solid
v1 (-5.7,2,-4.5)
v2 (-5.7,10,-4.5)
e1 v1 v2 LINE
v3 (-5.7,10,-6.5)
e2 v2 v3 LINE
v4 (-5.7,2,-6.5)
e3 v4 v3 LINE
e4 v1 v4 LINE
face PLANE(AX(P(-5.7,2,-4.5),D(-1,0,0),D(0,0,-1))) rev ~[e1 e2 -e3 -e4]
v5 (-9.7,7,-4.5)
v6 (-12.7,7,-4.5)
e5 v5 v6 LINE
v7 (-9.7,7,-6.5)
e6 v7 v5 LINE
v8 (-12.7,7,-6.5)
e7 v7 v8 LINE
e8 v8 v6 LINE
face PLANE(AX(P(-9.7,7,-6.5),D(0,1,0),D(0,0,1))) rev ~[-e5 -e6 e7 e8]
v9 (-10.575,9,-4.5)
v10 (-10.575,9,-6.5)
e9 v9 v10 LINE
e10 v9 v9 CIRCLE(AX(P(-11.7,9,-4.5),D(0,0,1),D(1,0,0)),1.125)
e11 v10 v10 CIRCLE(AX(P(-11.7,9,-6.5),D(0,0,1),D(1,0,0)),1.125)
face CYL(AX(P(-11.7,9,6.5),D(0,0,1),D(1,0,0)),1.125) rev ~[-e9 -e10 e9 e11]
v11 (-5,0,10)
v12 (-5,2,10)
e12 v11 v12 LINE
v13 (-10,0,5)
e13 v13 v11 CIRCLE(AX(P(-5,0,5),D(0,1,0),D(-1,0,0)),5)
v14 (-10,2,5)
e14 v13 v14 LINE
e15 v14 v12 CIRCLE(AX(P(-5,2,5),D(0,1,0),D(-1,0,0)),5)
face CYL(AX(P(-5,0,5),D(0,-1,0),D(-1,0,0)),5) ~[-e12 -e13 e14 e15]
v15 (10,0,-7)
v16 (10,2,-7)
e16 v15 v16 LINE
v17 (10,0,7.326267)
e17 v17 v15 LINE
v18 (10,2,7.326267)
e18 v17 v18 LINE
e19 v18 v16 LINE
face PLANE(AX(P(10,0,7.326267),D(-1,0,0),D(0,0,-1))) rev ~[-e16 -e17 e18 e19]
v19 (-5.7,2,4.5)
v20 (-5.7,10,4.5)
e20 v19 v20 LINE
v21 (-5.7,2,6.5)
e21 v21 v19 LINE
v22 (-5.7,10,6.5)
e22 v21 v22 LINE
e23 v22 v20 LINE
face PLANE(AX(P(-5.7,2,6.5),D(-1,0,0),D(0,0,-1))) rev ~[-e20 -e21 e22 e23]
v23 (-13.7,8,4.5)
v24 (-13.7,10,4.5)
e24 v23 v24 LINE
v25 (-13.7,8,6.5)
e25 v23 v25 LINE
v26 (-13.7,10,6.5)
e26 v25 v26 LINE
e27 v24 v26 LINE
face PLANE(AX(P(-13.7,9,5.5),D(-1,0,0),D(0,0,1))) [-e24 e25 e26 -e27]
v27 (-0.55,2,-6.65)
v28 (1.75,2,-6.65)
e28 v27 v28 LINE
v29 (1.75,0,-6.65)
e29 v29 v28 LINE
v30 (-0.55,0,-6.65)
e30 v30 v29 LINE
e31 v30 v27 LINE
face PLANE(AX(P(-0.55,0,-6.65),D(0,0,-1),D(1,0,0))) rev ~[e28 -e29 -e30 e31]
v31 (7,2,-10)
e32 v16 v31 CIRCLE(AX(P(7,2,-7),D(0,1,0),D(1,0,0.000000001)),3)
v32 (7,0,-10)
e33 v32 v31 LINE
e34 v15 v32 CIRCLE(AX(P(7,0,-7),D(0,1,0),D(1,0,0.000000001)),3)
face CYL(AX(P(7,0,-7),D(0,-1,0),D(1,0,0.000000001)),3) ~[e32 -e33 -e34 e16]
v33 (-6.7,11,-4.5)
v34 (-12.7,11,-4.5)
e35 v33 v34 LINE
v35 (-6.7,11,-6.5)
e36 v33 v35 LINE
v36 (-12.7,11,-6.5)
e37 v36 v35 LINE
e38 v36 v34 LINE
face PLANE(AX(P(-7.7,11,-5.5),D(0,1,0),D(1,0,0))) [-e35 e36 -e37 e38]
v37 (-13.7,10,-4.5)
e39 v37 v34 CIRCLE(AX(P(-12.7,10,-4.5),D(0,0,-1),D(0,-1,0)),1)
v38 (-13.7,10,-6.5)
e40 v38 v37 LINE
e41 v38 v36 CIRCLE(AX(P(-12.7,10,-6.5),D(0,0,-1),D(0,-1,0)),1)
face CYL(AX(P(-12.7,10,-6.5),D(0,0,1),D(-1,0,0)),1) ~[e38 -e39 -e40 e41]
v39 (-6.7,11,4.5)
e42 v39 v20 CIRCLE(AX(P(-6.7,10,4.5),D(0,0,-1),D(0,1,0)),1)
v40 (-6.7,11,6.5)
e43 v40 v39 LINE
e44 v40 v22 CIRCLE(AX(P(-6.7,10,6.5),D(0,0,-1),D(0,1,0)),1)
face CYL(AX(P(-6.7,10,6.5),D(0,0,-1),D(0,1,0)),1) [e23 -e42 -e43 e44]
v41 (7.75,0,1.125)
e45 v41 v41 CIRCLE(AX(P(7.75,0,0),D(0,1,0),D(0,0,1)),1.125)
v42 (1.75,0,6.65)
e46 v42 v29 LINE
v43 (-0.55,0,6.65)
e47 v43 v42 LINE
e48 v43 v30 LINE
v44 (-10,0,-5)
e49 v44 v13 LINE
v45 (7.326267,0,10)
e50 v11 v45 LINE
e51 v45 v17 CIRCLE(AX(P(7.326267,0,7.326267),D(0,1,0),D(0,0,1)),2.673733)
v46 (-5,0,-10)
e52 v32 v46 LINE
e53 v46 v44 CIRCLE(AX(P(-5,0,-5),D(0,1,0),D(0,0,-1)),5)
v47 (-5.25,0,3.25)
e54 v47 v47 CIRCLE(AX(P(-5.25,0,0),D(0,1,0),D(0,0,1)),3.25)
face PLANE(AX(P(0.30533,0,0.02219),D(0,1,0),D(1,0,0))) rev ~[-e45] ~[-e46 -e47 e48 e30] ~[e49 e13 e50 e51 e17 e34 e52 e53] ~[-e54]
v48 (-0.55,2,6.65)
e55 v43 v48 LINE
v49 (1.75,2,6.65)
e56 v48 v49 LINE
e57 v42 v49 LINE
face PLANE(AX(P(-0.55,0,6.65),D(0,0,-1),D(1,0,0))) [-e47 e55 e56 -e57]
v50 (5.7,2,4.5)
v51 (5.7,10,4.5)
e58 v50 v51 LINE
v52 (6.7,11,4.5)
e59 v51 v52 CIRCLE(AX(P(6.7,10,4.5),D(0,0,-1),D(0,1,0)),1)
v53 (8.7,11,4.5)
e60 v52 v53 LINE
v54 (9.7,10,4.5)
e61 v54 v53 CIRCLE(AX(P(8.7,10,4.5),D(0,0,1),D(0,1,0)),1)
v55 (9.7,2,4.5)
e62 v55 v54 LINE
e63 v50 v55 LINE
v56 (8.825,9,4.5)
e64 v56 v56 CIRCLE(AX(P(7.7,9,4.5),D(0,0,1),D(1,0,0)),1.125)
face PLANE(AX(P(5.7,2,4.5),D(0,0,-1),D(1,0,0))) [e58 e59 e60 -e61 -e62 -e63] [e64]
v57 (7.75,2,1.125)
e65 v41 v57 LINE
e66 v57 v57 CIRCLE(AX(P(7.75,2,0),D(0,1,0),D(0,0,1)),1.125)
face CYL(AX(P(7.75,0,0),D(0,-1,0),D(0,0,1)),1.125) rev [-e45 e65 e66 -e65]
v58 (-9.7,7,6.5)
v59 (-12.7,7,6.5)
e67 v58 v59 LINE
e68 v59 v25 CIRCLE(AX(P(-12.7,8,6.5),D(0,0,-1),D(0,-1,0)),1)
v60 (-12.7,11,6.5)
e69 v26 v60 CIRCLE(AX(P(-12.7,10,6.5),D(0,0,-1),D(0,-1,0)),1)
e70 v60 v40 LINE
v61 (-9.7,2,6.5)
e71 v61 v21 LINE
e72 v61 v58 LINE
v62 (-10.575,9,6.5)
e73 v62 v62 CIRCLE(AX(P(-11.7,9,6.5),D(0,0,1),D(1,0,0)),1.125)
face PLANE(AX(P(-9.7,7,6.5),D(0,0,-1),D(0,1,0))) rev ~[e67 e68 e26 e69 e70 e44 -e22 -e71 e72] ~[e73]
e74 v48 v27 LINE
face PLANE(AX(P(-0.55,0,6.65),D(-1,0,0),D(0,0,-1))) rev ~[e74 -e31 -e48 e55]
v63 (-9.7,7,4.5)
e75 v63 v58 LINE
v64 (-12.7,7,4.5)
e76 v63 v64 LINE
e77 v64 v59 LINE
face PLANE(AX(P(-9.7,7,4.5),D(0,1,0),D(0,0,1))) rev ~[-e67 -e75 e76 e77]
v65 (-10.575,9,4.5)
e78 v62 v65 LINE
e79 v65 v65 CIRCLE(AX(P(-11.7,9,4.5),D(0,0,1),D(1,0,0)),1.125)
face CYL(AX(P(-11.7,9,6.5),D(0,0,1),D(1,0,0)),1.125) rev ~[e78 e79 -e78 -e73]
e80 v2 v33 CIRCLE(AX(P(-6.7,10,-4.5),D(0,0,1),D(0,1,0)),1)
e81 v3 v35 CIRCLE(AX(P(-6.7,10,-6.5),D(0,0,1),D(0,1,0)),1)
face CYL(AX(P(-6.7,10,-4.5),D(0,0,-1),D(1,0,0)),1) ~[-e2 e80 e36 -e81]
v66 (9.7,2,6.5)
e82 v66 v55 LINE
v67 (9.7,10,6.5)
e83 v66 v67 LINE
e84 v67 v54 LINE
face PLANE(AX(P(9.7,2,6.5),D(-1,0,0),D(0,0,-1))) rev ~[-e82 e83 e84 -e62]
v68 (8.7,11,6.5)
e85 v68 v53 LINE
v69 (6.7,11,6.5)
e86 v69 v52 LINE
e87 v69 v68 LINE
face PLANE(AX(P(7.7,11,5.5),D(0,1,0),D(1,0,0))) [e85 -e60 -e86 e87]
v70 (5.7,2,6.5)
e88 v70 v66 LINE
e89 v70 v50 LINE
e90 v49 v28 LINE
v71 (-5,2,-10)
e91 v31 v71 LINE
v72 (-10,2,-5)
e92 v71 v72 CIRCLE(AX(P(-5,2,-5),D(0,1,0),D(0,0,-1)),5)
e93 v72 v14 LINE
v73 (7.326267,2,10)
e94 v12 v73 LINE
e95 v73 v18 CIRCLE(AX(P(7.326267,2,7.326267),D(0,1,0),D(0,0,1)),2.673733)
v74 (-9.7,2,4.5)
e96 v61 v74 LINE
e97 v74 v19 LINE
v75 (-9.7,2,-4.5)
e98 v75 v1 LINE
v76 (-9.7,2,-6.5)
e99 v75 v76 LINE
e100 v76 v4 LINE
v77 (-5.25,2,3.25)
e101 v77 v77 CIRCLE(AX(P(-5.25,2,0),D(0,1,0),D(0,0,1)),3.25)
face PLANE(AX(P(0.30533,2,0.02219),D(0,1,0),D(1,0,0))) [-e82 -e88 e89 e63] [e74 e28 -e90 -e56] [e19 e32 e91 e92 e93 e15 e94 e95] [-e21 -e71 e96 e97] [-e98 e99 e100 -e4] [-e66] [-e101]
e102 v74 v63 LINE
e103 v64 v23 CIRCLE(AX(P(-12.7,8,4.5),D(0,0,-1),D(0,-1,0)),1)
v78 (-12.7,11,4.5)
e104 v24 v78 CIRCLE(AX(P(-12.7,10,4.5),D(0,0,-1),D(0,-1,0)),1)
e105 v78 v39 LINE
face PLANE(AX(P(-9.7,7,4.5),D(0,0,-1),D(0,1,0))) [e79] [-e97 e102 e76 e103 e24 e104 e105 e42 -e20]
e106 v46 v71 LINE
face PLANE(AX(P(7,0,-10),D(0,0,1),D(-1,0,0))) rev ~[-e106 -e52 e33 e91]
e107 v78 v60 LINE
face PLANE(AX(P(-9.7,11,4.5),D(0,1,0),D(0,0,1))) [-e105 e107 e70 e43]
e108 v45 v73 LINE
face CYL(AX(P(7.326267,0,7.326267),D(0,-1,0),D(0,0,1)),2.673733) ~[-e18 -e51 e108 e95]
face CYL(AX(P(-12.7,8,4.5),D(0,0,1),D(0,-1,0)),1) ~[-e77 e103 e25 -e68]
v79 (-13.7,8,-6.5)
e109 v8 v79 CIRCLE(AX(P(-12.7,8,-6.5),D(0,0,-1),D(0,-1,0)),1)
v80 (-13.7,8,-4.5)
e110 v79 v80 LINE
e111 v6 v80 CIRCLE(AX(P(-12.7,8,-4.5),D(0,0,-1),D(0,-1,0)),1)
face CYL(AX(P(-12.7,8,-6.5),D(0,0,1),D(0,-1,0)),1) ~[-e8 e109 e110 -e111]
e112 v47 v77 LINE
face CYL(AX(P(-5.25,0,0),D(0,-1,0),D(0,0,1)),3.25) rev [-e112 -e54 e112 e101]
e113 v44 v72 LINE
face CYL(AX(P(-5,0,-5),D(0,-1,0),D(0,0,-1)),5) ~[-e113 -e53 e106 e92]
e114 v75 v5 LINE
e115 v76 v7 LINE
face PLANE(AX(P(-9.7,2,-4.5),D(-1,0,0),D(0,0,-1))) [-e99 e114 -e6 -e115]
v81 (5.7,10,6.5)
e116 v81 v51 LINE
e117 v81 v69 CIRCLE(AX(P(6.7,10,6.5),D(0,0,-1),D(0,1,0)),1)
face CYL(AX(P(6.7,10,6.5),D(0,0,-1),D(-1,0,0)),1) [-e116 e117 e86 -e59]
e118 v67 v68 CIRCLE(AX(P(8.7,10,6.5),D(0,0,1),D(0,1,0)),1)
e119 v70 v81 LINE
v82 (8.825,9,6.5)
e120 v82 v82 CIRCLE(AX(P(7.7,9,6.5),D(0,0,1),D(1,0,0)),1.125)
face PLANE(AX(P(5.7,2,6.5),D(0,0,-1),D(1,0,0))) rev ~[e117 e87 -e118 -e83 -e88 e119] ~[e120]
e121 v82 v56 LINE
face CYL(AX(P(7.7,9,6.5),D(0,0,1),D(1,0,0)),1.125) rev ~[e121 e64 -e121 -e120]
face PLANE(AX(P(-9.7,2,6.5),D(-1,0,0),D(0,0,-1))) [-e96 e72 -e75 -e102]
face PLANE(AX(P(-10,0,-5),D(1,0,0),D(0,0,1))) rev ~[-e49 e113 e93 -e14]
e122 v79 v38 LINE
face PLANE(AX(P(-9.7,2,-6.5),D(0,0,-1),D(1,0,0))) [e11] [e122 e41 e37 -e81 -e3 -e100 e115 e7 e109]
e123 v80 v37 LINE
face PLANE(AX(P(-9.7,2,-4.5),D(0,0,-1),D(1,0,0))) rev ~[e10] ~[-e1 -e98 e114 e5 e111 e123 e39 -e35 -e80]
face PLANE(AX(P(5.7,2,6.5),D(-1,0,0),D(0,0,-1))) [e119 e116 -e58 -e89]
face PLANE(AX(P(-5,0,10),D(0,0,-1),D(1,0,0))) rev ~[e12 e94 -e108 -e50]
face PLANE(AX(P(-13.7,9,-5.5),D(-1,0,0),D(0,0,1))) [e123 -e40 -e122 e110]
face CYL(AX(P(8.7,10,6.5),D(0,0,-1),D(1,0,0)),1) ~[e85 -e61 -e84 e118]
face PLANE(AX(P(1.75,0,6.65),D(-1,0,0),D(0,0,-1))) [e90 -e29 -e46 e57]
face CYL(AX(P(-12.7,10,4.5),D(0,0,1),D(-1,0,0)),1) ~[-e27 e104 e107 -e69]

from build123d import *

# Parameters (mm, degrees)
CROQUIS1_R              = 1.125
CROQUIS1_R_2            = 3.25
CROQUIS1_W              = 2.3
CROQUIS1_H              = 13.3
SALIENTE_EXTRUIR1_DEPTH = 2
CROQUIS2_W              = 4
CROQUIS2_H              = 2
SALIENTE_EXTRUIR2_DEPTH = 9
CROQUIS3_R              = 1.125
CORTAR_EXTRUIR1_DEPTH   = 13
CROQUIS5_W              = 2
CROQUIS5_H              = 4
SALIENTE_EXTRUIR3_DEPTH = 4
CROQUIS6_R              = 1.125
CORTAR_EXTRUIR3_DEPTH   = 25.102696945
REDONDEO2_R             = 1


with BuildPart() as part:
    # Croquis1 → Saliente-Extruir1 (new body)
    with BuildSketch(Plane(origin=(0, 0, 0), x_dir=(1, 0, 0), z_dir=(0, 1, 0))):
        with BuildLine():
            Line((-5, -10), (7.32626704, -10))
            ThreePointArc((7.32626704, -10), (9.216881747, -9.216881747), (10, -7.32626704))
            Line((10, -7.32626704), (10, 7))
            ThreePointArc((10, 7), (9.121320344, 9.121320344), (7, 10))
            Line((7, 10), (-5, 10))
            ThreePointArc((-5, 10), (-8.535533906, 8.535533906), (-10, 5))
            Line((-10, 5), (-10, -5))
            ThreePointArc((-10, -5), (-8.535533906, -8.535533906), (-5, -10))
        make_face()
        with Locations(Location((7.75, 0, 0), (0, 0, 270))):
            Circle(CROQUIS1_R, mode=Mode.SUBTRACT)
        with Locations(Location((-5.25, 0, 0), (0, 0, 270))):
            Circle(CROQUIS1_R_2, mode=Mode.SUBTRACT)
        with Locations((0.6, 0)):
            Rectangle(CROQUIS1_W, CROQUIS1_H, mode=Mode.SUBTRACT)
    extrude(amount=SALIENTE_EXTRUIR1_DEPTH)

    # Croquis2 → Saliente-Extruir2 (add)
    with BuildSketch(Plane(origin=(0, 2, 0), x_dir=(1, 0, 0), z_dir=(0, 1, 0))):
        with Locations((-7.7, 5.5)):
            Rectangle(CROQUIS2_W, CROQUIS2_H)
        with Locations((-7.7, -5.5)):
            Rectangle(CROQUIS2_W, CROQUIS2_H)
        with Locations((7.7, -5.5)):
            Rectangle(CROQUIS2_W, CROQUIS2_H)
    extrude(amount=SALIENTE_EXTRUIR2_DEPTH)

    # Croquis3 → Cortar-Extruir1 (cut)
    with BuildSketch(Plane.XY.offset(6.5)):
        with Locations((7.7, 9)):
            Circle(CROQUIS3_R)
    extrude(amount=-CORTAR_EXTRUIR1_DEPTH, mode=Mode.SUBTRACT)

    # Croquis5 → Saliente-Extruir3 (add)
    with BuildSketch(Plane.ZY.offset(9.7)):
        with Locations((5.5, 9)):
            Rectangle(CROQUIS5_W, CROQUIS5_H)
        with Locations((-5.5, 9)):
            Rectangle(CROQUIS5_W, CROQUIS5_H)
    extrude(amount=SALIENTE_EXTRUIR3_DEPTH)

    # Croquis6 → Cortar-Extruir3 (cut, through all)
    with BuildSketch(Plane.XY.offset(6.5)):
        with Locations((-11.7, 9)):
            Circle(CROQUIS6_R)
    extrude(amount=-CORTAR_EXTRUIR3_DEPTH, mode=Mode.SUBTRACT)

    # Redondeo2
    redondeo2_edges = [part.edges().sort_by_distance(p)[0] for p in [
        (-13.7, 11, -5.5),
        (-13.7, 7, -5.5),
        (-5.7, 11, -5.5),
        (-5.7, 11, 5.5),
        (5.7, 11, 5.5),
        (9.7, 11, 5.5),
        (-13.7, 7, 5.5),
        (-13.7, 11, 5.5),
    ]]
    fillet(redondeo2_edges, radius=REDONDEO2_R)


solid = part.part
